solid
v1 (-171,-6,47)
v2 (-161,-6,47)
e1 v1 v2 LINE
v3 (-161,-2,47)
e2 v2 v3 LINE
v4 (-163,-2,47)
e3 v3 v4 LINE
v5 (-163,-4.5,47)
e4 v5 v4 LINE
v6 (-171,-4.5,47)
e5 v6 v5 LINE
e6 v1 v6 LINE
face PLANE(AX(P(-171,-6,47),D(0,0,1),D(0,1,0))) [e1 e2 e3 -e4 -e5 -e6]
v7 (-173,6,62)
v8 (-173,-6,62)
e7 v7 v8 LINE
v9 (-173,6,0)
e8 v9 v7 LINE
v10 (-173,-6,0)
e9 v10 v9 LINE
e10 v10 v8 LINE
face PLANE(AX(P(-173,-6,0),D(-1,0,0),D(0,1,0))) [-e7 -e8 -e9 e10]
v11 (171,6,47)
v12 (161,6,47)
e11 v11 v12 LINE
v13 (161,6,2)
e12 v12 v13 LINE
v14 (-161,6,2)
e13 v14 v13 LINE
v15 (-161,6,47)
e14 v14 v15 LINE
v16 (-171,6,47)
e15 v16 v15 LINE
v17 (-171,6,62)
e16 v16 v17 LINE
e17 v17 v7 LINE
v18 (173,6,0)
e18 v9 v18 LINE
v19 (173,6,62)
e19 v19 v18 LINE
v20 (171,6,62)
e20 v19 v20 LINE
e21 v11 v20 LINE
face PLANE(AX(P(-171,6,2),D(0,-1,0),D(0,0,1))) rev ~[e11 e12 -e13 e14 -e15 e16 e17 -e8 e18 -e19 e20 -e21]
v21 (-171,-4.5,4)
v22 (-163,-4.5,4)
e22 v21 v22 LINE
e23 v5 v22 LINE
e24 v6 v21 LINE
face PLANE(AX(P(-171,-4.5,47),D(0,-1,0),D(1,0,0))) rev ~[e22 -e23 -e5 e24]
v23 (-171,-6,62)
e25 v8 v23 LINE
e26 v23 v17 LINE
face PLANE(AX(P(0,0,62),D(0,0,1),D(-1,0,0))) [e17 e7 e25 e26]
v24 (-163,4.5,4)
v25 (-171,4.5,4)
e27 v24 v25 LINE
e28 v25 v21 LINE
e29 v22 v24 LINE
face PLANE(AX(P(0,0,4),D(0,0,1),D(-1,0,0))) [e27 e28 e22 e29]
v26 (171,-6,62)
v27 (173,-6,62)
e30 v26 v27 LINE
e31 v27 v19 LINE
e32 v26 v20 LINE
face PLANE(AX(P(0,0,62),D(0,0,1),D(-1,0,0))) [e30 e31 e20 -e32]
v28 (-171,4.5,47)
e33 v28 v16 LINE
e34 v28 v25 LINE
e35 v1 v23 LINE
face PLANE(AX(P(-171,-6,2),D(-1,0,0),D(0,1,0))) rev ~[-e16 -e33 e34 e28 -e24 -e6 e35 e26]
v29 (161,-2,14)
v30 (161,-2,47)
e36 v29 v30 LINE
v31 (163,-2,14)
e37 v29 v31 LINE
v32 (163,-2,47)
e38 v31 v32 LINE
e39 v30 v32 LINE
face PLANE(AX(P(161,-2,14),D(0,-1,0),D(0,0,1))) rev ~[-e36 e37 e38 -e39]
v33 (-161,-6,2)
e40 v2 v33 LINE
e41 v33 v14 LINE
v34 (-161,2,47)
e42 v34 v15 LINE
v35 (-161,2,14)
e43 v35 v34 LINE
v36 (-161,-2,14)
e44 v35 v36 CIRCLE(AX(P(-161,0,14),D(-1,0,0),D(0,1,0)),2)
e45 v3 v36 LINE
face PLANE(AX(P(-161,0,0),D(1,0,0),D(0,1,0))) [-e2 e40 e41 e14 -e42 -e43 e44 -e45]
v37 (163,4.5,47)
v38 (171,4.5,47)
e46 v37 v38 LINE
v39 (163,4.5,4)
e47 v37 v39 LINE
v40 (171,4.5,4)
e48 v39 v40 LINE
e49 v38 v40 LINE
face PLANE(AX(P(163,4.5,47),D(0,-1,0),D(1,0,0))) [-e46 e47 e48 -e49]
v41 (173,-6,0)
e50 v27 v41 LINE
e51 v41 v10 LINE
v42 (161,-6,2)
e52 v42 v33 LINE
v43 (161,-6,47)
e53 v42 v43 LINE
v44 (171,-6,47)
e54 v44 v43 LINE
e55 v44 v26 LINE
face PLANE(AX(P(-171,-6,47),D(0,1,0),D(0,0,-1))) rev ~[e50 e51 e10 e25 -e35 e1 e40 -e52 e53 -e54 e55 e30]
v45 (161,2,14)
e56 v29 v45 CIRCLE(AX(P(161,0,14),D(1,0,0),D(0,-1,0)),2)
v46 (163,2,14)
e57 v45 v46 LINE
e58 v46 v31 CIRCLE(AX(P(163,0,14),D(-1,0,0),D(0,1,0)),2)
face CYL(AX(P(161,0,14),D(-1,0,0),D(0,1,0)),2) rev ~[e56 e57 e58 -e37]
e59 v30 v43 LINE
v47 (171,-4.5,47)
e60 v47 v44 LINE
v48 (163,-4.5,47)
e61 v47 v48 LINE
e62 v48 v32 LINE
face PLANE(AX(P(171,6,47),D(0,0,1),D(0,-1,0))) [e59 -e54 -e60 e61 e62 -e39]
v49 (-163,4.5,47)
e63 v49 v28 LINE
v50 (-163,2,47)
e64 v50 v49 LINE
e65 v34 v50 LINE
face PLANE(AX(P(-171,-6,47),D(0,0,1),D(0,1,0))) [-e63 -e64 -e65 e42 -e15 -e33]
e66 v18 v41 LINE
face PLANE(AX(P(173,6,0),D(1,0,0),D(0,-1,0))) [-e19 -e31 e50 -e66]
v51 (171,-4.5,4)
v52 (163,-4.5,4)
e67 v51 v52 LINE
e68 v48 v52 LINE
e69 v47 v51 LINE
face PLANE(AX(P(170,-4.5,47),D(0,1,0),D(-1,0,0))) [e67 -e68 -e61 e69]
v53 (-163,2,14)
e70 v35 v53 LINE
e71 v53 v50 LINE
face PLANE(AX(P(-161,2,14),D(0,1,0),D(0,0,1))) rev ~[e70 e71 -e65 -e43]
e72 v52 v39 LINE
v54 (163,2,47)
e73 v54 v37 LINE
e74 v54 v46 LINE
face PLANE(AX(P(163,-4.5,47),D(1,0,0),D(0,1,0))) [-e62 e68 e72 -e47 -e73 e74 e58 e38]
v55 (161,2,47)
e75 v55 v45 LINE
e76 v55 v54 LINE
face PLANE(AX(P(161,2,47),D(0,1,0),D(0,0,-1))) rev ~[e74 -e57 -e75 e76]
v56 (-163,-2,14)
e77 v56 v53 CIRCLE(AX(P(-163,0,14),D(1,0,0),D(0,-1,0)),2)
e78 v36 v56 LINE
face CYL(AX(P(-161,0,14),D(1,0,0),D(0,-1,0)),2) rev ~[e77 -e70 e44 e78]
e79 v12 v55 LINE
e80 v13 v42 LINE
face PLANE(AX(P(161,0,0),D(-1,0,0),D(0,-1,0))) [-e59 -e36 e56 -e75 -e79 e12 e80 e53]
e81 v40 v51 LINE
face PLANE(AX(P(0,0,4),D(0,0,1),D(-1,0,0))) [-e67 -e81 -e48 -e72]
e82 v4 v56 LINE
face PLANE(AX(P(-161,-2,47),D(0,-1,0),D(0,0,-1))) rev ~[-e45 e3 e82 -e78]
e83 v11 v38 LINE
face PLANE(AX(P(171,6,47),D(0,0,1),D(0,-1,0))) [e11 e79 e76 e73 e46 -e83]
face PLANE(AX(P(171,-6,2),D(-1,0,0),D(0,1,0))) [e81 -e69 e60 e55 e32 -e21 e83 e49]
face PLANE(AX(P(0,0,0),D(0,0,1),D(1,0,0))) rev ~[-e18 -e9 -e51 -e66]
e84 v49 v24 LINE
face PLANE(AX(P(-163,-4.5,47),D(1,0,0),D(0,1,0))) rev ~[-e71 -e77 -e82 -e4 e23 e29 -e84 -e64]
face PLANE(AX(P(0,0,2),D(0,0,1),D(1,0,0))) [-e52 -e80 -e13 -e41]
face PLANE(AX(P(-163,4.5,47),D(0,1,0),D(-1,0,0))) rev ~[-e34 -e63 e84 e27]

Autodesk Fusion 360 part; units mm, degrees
sketch "Sketch1" plane through (0, 0, 0) normal (0, 0, 1) x (1, 0, 0)
  line L0 (-173, 6) -> (173, 6)
  line L1 (173, 6) -> (173, -6)
  line L2 (173, -6) -> (-173, -6)
  line L3 (-173, -6) -> (-173, 6)
  dimension "d1" = 346
  dimension "d2" = 12
extrude "Extrude1" add sketch "Sketch1" along normal blind 2
sketch "Sketch2" plane through (0, 0, 2) normal (0, 0, 1) x (-1, 0, 0)
  line L0 (173, 6) -> (-173, 6)
  line L1 (-173, 6) -> (-173, -6)
  line L2 (-173, -6) -> (173, -6)
  line L3 (173, -6) -> (173, 6)
  line L4 (-171, 6) -> (-171, -6)
  line L5 (-171, 6) -> (-173, 6)
  line L6 (-173, -6) -> (-171, -6)
  line L7 (171, 6) -> (171, -6)
  line L8 (171, 6) -> (173, 6)
  line L9 (173, -6) -> (171, -6)
  dimension "d9" = 2
  dimension "d10" = 2
extrude "Extrude2" add sketch "Sketch2" along normal blind 60 contours L0 L2 L3 L7 L8 L9 | L0 L1 L2 L4 L5 L6
sketch "Sketch3" plane through (171, 0, 0) normal (-1, 0, 0) x (0, -1, 0)
  line L0 (-6, 2) -> (6, 2)
  line L1 (6, 2) -> (6, 62)
  line L2 (6, 62) -> (-6, 62)
  line L3 (-6, 62) -> (-6, 2)
  line L4 (-6, 62) -> (-6, 47)
  line L5 (-6, 47) -> (6, 47)
  line L6 (6, 47) -> (6, 0)
  line L7 (6, 0) -> (-6, 0)
  line L8 (-6, 0) -> (-6, 47)
  dimension "d13" = 15
extrude "Extrude3" add sketch "Sketch3" along normal blind 10 contours L0 L1 L3 L5 L6 L8
sketch "Sketch4" plane through (0, 0, 47) normal (0, 0, 1) x (-1, 0, 0)
  line L0 (-171, 6) -> (-171, -6)
  line L1 (-171, -6) -> (-161, -6)
  line L2 (-161, -6) -> (-161, 6)
  line L3 (-161, 6) -> (-171, 6)
  line L4 (-171, 4.5) -> (-170, 4.5)
  line L5 (-170, 4.5) -> (-163, 4.5)
  line L6 (-163, 4.5) -> (-163, -4.5)
  line L7 (-163, -4.5) -> (-171, -4.5)
  line L8 (-171, 4.5) -> (-171, 3.6158)
  dimension "d16" = 1.5
  dimension "d17" = 1.5
  dimension "d18" = 8
extrude "Extrude4" cut sketch "Sketch4" against normal blind 43 contours L0 L4 L5 L6 L7 L8
sketch "Sketch5" plane through (161, 0, 0) normal (-1, 0, 0) x (0, -1, 0)
  line L0 (-6, 47) -> (-6, 2)
  line L1 (-6, 2) -> (6, 2)
  line L2 (6, 2) -> (6, 47)
  line L3 (6, 47) -> (-6, 47)
  line L4 (-6, 47) -> (6, 47)
  line L5 (0, 47) -> (-2, 47)
  line L6 (3, 12) -> (3, 13.1676)
  line L7 (-2, 47) -> (-2, 14)
  line L8 (2, 14) -> (2, 47)
  line L9 (2, 47) -> (-2, 47)
  arc A0 (0, 12) -> (2, 14) centre (0, 14) ccw
  arc A1 (-2, 14) -> (0, 12) centre (0, 14) ccw
  point P0 (-2, 12)
  point P1 (3.9688, 12.6113)
  point P2 (-2, 12)
  point P3 (2, 12)
  dimension "d21" = 2
  dimension "d30" = 35
  dimension "d31" = 4
  dimension "d32" = 35
  dimension "d33" = 2
  dimension "d34" = 2
extrude "Extrude5" cut sketch "Sketch5" against normal blind 2 contours L3 L4 L5 L7 L8 L9 A0 A1
sketch "Sketch6" plane through (-171, 0, 0) normal (1, 0, 0) x (0, 1, 0)
  line L0 (-6, 2) -> (6, 2)
  line L1 (6, 2) -> (6, 62)
  line L2 (6, 62) -> (-6, 62)
  line L3 (-6, 62) -> (-6, 2)
  line L4 (-6, 62) -> (-6, 47)
  line L5 (-6, 47) -> (6, 47)
  line L6 (-6, 47) -> (-6, 0)
  line L7 (-6, 0) -> (6, 0)
  line L8 (6, 0) -> (6, 47)
  dimension "d37" = 15
extrude "Extrude6" add sketch "Sketch6" along normal blind 10 contours L0 L1 L3 L5 L6 L8
sketch "Sketch7" plane through (0, 0, 47) normal (0, 0, 1) x (-1, 0, 0)
  line L0 (171, -6) -> (171, 6)
  line L1 (171, 6) -> (161, 6)
  line L2 (161, 6) -> (161, -6)
  line L3 (161, -6) -> (171, -6)
  line L4 (171, 4.5) -> (163, 4.5)
  line L5 (163, 4.5) -> (163, -4.5)
  line L6 (163, -4.5) -> (171, -4.5)
  dimension "d40" = 1.5
  dimension "d41" = 1.5
  dimension "d42" = 2
extrude "Extrude7" cut sketch "Sketch7" against normal blind 43 contours L0 L4 L5 L6
sketch "Sketch8" plane through (-161, 0, 0) normal (1, 0, 0) x (0, 1, 0)
  line L0 (-6, 47) -> (-6, 2)
  line L1 (-6, 2) -> (6, 2)
  line L2 (6, 2) -> (6, 47)
  line L3 (6, 47) -> (-6, 47)
  line L4 (6, 47) -> (-6, 47)
  line L5 (0, 47) -> (-2, 47)
  line L6 (-2, 47) -> (-2, 14)
  line L7 (2, 14) -> (2, 47)
  line L8 (2, 47) -> (-2, 47)
  arc A0 (-2, 14) -> (0, 12) centre (0, 14) ccw
  arc A1 (0, 12) -> (2, 14) centre (0, 14) ccw
  point P0 (-2, 12)
  point P1 (2, 12)
  dimension "d45" = 2
  dimension "d46" = 35
  dimension "d47" = 4
  dimension "d48" = 35
  dimension "d49" = 2
  dimension "d50" = 2
extrude "Extrude8" cut sketch "Sketch8" against normal blind 2 contours L3 L4 L5 L6 L7 L8 A0 A1
